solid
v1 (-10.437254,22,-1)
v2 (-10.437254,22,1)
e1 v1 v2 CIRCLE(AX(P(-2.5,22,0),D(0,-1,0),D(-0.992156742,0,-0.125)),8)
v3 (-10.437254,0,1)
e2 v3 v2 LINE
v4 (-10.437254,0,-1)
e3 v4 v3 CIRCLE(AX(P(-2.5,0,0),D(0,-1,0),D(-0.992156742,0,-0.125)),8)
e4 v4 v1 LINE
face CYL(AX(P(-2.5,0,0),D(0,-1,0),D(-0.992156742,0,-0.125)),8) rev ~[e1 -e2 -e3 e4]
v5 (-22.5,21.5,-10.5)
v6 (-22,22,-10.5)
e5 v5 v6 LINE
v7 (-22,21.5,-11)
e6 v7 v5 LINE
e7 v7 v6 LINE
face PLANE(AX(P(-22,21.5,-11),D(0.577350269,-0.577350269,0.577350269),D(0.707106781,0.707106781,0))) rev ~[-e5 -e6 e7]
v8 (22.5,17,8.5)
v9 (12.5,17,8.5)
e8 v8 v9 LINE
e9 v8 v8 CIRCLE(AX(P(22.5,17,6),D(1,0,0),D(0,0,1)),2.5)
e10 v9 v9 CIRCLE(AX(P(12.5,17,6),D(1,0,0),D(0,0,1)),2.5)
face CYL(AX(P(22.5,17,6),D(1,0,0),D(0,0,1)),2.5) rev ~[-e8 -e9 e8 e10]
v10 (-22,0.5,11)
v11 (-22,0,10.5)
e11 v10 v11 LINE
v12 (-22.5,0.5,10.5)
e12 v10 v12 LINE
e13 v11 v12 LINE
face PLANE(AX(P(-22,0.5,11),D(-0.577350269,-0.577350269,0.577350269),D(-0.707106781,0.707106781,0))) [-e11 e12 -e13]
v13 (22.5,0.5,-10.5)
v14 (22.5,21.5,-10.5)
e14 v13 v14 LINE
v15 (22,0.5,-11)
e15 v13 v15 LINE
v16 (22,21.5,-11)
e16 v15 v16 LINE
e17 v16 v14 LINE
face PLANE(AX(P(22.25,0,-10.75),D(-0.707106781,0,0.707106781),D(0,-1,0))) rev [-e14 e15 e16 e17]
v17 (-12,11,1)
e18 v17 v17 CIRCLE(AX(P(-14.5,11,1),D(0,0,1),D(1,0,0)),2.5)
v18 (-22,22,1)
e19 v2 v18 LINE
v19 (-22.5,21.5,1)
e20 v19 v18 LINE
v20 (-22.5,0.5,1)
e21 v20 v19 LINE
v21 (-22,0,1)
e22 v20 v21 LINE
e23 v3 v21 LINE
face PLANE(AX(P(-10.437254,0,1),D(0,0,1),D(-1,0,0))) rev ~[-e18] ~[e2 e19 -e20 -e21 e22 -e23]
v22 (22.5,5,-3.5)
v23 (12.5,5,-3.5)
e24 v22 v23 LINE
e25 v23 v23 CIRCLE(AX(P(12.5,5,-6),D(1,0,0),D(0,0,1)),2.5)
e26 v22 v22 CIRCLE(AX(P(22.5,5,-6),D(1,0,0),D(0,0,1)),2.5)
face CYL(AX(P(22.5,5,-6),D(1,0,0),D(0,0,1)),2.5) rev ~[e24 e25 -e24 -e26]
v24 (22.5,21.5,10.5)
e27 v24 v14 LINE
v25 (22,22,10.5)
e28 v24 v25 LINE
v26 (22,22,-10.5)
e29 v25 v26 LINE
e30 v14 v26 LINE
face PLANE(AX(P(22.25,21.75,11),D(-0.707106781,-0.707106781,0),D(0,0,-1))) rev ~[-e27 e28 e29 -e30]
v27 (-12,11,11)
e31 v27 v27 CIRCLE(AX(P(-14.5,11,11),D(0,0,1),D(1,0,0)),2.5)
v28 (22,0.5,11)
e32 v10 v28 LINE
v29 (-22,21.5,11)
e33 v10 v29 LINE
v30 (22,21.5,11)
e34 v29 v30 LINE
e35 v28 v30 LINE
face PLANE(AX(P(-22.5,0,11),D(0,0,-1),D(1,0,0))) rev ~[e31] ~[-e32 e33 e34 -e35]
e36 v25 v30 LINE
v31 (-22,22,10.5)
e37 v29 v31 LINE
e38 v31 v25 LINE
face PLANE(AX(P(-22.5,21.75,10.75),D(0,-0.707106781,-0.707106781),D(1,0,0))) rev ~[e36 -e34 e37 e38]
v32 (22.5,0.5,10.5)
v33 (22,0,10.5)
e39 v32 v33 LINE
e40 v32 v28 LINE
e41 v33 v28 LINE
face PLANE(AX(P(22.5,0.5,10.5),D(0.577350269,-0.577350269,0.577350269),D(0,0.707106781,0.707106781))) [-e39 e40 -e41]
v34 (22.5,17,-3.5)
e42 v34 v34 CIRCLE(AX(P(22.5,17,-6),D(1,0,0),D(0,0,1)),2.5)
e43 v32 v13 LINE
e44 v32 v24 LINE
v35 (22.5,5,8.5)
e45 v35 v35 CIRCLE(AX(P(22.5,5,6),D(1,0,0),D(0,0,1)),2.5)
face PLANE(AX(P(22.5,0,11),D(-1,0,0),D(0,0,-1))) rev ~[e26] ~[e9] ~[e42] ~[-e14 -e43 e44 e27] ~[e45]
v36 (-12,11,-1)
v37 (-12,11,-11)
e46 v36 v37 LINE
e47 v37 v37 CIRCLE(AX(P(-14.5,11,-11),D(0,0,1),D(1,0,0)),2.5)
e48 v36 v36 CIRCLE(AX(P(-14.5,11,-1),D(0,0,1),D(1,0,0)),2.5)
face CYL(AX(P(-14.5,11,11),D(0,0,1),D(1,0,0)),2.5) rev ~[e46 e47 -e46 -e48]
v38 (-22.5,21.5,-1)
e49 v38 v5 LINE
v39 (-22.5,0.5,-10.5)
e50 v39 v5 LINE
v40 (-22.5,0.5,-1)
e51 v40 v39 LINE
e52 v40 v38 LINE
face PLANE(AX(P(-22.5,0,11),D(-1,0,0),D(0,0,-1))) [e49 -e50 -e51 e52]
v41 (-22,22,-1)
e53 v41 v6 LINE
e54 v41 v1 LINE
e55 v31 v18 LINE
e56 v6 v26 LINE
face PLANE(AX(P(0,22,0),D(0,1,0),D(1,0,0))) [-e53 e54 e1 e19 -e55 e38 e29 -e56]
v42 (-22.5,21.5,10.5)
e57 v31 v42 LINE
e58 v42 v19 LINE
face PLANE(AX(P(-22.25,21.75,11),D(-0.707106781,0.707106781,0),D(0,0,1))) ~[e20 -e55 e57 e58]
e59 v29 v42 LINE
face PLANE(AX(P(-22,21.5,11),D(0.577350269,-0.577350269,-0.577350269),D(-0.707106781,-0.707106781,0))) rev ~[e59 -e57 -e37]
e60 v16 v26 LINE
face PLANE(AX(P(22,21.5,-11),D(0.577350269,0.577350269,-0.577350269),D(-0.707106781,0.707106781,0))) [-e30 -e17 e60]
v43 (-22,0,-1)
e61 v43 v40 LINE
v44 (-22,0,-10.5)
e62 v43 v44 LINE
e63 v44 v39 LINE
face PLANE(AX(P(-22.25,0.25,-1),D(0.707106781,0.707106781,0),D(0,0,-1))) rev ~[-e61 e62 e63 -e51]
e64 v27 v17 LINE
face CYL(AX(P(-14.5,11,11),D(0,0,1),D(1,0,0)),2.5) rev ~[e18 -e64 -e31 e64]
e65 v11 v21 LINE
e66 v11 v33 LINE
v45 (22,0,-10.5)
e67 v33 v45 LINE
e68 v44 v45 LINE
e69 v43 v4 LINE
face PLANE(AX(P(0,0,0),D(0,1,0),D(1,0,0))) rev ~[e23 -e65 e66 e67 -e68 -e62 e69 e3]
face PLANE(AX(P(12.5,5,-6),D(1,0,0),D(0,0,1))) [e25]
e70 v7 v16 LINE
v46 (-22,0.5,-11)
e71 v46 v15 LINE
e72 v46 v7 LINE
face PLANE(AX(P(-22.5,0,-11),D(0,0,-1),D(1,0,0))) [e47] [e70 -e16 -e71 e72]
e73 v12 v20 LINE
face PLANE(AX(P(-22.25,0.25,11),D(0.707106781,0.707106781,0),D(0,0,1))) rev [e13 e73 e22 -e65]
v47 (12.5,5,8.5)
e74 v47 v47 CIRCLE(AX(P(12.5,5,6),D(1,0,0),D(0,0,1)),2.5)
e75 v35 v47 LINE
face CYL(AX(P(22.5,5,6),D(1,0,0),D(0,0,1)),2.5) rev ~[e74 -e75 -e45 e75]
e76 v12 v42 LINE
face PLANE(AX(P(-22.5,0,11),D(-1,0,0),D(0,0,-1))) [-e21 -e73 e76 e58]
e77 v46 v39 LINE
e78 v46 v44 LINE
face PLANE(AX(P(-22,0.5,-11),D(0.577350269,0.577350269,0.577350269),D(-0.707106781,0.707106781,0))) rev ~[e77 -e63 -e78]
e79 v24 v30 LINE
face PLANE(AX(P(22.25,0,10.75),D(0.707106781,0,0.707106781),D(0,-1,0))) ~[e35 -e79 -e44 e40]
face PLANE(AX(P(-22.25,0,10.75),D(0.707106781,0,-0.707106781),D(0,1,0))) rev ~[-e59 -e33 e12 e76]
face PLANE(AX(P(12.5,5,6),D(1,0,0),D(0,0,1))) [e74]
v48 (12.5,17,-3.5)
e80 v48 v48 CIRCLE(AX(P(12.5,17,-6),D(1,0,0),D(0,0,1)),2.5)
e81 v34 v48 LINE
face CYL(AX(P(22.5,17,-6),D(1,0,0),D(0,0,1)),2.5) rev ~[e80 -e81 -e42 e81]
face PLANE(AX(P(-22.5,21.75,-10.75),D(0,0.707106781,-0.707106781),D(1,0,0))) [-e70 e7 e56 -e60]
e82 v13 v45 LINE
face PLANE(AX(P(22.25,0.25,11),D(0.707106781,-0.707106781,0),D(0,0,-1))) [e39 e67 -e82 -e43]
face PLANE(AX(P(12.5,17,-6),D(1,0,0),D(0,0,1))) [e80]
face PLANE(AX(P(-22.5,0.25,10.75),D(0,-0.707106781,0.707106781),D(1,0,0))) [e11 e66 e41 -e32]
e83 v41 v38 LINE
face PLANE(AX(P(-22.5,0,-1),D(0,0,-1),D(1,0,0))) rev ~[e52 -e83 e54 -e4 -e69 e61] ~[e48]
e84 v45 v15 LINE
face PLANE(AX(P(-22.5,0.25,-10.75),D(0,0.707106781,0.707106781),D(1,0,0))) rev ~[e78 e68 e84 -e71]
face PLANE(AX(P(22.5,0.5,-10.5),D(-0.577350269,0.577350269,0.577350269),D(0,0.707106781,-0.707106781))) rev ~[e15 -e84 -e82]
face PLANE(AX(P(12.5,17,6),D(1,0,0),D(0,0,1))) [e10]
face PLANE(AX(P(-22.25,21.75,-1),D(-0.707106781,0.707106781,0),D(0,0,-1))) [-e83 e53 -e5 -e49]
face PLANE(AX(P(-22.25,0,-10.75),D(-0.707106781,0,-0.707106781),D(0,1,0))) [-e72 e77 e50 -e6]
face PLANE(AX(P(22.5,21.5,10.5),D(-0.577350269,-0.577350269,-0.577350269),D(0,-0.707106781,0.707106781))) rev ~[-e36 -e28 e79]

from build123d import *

# Parameters (mm, degrees)
SKETCH_5_W          = 45
SKETCH_5_H          = 22
EXTRUDE_2_DEPTH     = 22
CUT_EXTRUDE_3_DEPTH = 22
CUT_EXTRUDE_START   = 22.5
SKETCH_7_R          = 2.5
CUT_EXTRUDE_4_DEPTH = 10
CUT_EXTRUDE_START_2 = 11
SKETCH_8_R          = 2.5
CUT_EXTRUDE_5_DEPTH = 22
CHAMFER_1_SIZE      = 0.5


with BuildPart() as part:
    # 草图5 → 凸台-拉伸2 (new body)
    with BuildSketch(Plane(origin=(0, 0, 0), x_dir=(1, 0, 0), z_dir=(0, 1, 0))):
        Rectangle(SKETCH_5_W, SKETCH_5_H)
    extrude(amount=EXTRUDE_2_DEPTH)

    # 草图6 → 切除-拉伸3 (cut)
    with BuildSketch(Plane(origin=(0, 0, 0), x_dir=(1, 0, 0), z_dir=(0, 1, 0))):
        with BuildLine():
            Line((-22.5, -1), (-22.5, 1))
            Line((-22.5, 1), (-10.437253933, 1))
            ThreePointArc((-10.437253933, 1), (5.5, 0), (-10.437253933, -1))
            Line((-10.437253933, -1), (-22.5, -1))
        make_face()
    extrude(amount=CUT_EXTRUDE_3_DEPTH, mode=Mode.SUBTRACT)

    # 草图7 → 切除-拉伸4 (cut)
    with BuildSketch(Plane(origin=(0, 0, 0), x_dir=(0, 0, -1), z_dir=(1, 0, 0)).offset(CUT_EXTRUDE_START)):
        with Locations(Location((-6, 17, 0), (0, 0, 180))):
            Circle(SKETCH_7_R)
        with Locations(Location((-6, 5, 0), (0, 0, 180))):
            Circle(SKETCH_7_R)
        with Locations(Location((6, 17, 0), (0, 0, 180))):
            Circle(SKETCH_7_R)
        with Locations(Location((6, 5, 0), (0, 0, 180))):
            Circle(SKETCH_7_R)
    extrude(amount=-CUT_EXTRUDE_4_DEPTH, mode=Mode.SUBTRACT)

    # 草图8 → 切除-拉伸5 (cut)
    with BuildSketch(Plane.XY.offset(CUT_EXTRUDE_START_2)):
        with Locations((-14.5, 11)):
            Circle(SKETCH_8_R)
    extrude(amount=-CUT_EXTRUDE_5_DEPTH, mode=Mode.SUBTRACT)

    # 倒角1
    chamfer_1_edges = [part.edges().sort_by_distance(p)[0] for p in [
        (-22.5, 22, -6),
        (-22.5, 0, 6),
        (-22.5, 22, 6),
        (0, 22, 11),
        (22.5, 22, 0),
        (0, 0, 11),
        (-22.5, 0, -6),
        (0, 0, -11),
        (22.5, 0, 0),
        (22.5, 11, 11),
        (-22.5, 11, 11),
        (-22.5, 11, -11),
        (22.5, 11, -11),
        (0, 22, -11),
    ]]
    chamfer(chamfer_1_edges, length=CHAMFER_1_SIZE)


solid = part.part
